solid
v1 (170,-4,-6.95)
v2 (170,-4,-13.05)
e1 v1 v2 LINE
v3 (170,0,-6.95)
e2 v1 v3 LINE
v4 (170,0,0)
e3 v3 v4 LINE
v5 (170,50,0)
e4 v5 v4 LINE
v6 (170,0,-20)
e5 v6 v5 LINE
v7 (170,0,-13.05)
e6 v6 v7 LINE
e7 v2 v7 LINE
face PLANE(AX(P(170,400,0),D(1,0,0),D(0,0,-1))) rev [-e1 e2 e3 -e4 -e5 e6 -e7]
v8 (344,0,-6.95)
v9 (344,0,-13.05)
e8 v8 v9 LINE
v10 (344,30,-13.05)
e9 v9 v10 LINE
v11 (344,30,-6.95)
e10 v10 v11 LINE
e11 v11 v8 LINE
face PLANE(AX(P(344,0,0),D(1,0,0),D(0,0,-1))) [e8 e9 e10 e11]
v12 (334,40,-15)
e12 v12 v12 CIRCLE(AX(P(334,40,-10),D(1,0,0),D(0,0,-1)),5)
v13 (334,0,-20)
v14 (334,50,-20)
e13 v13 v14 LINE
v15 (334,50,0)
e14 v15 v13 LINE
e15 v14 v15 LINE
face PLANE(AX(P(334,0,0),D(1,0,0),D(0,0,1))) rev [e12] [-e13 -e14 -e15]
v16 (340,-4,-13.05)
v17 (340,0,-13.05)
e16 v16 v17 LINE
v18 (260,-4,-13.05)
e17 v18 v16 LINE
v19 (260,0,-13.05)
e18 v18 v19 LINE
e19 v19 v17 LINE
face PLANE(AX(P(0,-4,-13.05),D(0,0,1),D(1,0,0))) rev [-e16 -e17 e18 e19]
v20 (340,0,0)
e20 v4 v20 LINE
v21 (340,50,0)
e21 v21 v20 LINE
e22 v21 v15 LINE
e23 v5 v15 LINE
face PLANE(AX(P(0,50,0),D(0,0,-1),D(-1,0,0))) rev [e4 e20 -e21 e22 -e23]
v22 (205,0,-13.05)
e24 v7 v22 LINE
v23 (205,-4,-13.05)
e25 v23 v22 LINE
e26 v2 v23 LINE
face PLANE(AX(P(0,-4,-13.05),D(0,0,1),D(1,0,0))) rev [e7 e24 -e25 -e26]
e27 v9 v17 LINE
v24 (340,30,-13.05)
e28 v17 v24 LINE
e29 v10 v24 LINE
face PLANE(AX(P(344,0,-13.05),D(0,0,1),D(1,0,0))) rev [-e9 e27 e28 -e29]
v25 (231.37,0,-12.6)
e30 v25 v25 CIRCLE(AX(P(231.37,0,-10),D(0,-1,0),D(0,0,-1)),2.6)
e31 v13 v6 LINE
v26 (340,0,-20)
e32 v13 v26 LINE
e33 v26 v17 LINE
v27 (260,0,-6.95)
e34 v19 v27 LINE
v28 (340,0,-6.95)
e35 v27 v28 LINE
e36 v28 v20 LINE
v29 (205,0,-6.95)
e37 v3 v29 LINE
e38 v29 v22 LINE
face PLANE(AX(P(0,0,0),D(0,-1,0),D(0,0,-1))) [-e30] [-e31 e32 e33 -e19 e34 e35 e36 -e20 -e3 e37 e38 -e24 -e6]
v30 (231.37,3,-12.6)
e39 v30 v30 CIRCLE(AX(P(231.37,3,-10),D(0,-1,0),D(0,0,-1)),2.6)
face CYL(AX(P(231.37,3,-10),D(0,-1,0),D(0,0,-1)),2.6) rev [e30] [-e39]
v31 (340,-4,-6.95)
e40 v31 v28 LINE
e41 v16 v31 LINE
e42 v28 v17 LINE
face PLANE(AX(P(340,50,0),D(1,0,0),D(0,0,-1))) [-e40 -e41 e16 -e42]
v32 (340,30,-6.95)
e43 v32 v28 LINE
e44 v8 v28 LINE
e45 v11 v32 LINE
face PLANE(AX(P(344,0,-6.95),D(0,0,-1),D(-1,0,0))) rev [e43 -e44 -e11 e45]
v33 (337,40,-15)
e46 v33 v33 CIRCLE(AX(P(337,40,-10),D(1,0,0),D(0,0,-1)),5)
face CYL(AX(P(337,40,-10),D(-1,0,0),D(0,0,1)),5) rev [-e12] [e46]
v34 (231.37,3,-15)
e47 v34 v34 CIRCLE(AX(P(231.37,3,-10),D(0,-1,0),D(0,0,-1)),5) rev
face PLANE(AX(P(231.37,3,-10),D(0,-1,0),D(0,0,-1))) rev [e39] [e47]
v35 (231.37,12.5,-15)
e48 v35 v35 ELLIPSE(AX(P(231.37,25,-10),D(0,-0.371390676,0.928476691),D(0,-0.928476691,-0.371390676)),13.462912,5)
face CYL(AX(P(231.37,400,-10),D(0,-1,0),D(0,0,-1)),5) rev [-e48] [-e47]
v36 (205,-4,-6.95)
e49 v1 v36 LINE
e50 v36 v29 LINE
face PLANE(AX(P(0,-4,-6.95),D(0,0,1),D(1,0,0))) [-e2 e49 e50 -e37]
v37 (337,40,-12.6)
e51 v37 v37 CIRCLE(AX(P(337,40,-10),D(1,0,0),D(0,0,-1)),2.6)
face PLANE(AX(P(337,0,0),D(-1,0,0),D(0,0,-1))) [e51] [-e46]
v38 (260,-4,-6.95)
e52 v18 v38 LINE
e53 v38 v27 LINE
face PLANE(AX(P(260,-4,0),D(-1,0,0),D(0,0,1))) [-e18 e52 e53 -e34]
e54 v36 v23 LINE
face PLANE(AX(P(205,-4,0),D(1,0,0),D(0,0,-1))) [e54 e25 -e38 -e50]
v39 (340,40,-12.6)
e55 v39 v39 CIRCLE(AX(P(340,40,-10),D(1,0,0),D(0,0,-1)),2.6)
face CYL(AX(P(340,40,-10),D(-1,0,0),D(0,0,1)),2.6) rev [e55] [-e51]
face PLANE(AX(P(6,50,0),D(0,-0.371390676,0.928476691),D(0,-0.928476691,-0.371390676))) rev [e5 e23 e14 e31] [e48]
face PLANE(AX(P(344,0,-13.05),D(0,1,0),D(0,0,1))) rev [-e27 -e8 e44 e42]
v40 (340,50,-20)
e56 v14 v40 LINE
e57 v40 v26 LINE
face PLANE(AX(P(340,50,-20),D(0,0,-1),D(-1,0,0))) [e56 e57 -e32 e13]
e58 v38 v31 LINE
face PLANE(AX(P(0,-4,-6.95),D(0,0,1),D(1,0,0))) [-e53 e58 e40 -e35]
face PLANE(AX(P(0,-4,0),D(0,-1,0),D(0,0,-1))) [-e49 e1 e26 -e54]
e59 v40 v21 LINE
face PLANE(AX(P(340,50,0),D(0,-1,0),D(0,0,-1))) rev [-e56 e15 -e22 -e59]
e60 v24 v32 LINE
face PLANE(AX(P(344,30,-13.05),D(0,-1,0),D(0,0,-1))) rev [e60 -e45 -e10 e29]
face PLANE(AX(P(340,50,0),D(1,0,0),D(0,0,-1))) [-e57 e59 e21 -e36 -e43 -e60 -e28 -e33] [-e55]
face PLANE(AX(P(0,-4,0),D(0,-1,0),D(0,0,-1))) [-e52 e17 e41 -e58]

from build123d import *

# Parameters (mm, degrees)
SKETCH_1_W          = 170
SKETCH_1_H          = 20
EXTRUDE_1_DEPTH     = 50
CUT_EXTRUDE_2_DEPTH = 164
SKETCH_3_R          = 5
CUT_EXTRUDE_3_DEPTH = 3
SKETCH_4_R          = 2.6
CUT_EXTRUDE_4_DEPTH = 3
SKETCH_5_W          = 170
SKETCH_5_H          = 20
CUT_EXTRUDE_5_DEPTH = 400
SKETCH_6_R          = 5
CUT_EXTRUDE_6_DEPTH = 400
SKETCH_7_R          = 5
SKETCH_7_R_2        = 2.6
EXTRUDE_2_DEPTH     = 3
SKETCH_8_W          = 35
SKETCH_8_H          = 3.05
SKETCH_8_W_2        = 80
EXTRUDE_3_DEPTH     = 4
SKETCH_9_W          = 6.1
SKETCH_9_H          = 30
EXTRUDE_4_DEPTH     = 4


with BuildPart() as part:
    # 草图1 → 凸台-拉伸1 (new body)
    with BuildSketch(Plane(origin=(0, 0, 0), x_dir=(1, 0, 0), z_dir=(0, 1, 0))):
        with Locations((85, 10)):
            Rectangle(SKETCH_1_W, SKETCH_1_H)
    extrude_1 = extrude(amount=EXTRUDE_1_DEPTH)

    # 草图2 → 切除-拉伸2 (cut)
    with BuildSketch(Plane(origin=(170, 0, 0), x_dir=(0, 0, -1), z_dir=(1, 0, 0))):
        Polygon((0, 50), (20, 0), (20, 50), align=None)
    cut_extrude_2 = extrude(amount=-CUT_EXTRUDE_2_DEPTH, mode=Mode.SUBTRACT)

    # 草图3 → 切除-拉伸3 (cut)
    with BuildSketch(Plane(origin=(6, 0, 0), x_dir=(0, 0, -1), z_dir=(1, 0, 0))):
        with Locations((10, 40)):
            Circle(SKETCH_3_R)
    cut_extrude_3 = extrude(amount=-CUT_EXTRUDE_3_DEPTH, mode=Mode.SUBTRACT)

    # 草图4 → 切除-拉伸4 (cut)
    with BuildSketch(Plane(origin=(3, 0, 0), x_dir=(0, 0, -1), z_dir=(1, 0, 0))):
        with Locations((10, 40)):
            Circle(SKETCH_4_R)
    cut_extrude_4 = extrude(amount=-CUT_EXTRUDE_4_DEPTH, mode=Mode.SUBTRACT)

    # 镜向1: 凸台-拉伸1, 切除-拉伸2, 切除-拉伸3, 切除-拉伸4 across plane
    add(extrude_1.mirror(Plane(origin=(170, 50, 0), x_dir=(0, 0, 1), z_dir=(-1, 0, 0))))
    add(cut_extrude_2.mirror(Plane(origin=(170, 50, 0), x_dir=(0, 0, 1), z_dir=(-1, 0, 0))), mode=Mode.SUBTRACT)
    add(cut_extrude_3.mirror(Plane(origin=(170, 50, 0), x_dir=(0, 0, 1), z_dir=(-1, 0, 0))), mode=Mode.SUBTRACT)
    add(cut_extrude_4.mirror(Plane(origin=(170, 50, 0), x_dir=(0, 0, 1), z_dir=(-1, 0, 0))), mode=Mode.SUBTRACT)

    # 草图5 → 切除-拉伸5 (cut)
    with BuildSketch(Plane.XZ):
        with Locations((85, -10)):
            Rectangle(SKETCH_5_W, SKETCH_5_H)
    extrude(amount=-CUT_EXTRUDE_5_DEPTH, mode=Mode.SUBTRACT)

    # 草图6 → 切除-拉伸6 (cut)
    with BuildSketch(Plane.XZ):
        with Locations(Location((231.37, -10, 0), (0, 0, 270))):
            Circle(SKETCH_6_R)
    extrude(amount=-CUT_EXTRUDE_6_DEPTH, mode=Mode.SUBTRACT)

    # 草图7 → 凸台-拉伸2 (add)
    with BuildSketch(Plane.XZ):
        with Locations(Location((231.37, -10, 0), (0, 0, 270))):
            Circle(SKETCH_7_R)
        with Locations(Location((231.37, -10, 0), (0, 0, 270))):
            Circle(SKETCH_7_R_2, mode=Mode.SUBTRACT)
    extrude(amount=-EXTRUDE_2_DEPTH)

    # 草图8 → 凸台-拉伸3 (add)
    with BuildSketch(Plane.XZ):
        with Locations((187.5, -8.475)):
            Rectangle(SKETCH_8_W, SKETCH_8_H)
        with Locations((187.5, -11.525)):
            Rectangle(SKETCH_8_W, SKETCH_8_H)
        with Locations((300, -8.475)):
            Rectangle(SKETCH_8_W_2, SKETCH_8_H)
        with Locations((300, -11.525)):
            Rectangle(SKETCH_8_W_2, SKETCH_8_H)
    extrude(amount=EXTRUDE_3_DEPTH)

    # 草图9 → 凸台-拉伸4 (add)
    with BuildSketch(Plane(origin=(340, 0, 0), x_dir=(0, 0, -1), z_dir=(1, 0, 0))):
        with Locations((10, 15)):
            Rectangle(SKETCH_9_W, SKETCH_9_H)
    extrude(amount=EXTRUDE_4_DEPTH)


solid = part.part
